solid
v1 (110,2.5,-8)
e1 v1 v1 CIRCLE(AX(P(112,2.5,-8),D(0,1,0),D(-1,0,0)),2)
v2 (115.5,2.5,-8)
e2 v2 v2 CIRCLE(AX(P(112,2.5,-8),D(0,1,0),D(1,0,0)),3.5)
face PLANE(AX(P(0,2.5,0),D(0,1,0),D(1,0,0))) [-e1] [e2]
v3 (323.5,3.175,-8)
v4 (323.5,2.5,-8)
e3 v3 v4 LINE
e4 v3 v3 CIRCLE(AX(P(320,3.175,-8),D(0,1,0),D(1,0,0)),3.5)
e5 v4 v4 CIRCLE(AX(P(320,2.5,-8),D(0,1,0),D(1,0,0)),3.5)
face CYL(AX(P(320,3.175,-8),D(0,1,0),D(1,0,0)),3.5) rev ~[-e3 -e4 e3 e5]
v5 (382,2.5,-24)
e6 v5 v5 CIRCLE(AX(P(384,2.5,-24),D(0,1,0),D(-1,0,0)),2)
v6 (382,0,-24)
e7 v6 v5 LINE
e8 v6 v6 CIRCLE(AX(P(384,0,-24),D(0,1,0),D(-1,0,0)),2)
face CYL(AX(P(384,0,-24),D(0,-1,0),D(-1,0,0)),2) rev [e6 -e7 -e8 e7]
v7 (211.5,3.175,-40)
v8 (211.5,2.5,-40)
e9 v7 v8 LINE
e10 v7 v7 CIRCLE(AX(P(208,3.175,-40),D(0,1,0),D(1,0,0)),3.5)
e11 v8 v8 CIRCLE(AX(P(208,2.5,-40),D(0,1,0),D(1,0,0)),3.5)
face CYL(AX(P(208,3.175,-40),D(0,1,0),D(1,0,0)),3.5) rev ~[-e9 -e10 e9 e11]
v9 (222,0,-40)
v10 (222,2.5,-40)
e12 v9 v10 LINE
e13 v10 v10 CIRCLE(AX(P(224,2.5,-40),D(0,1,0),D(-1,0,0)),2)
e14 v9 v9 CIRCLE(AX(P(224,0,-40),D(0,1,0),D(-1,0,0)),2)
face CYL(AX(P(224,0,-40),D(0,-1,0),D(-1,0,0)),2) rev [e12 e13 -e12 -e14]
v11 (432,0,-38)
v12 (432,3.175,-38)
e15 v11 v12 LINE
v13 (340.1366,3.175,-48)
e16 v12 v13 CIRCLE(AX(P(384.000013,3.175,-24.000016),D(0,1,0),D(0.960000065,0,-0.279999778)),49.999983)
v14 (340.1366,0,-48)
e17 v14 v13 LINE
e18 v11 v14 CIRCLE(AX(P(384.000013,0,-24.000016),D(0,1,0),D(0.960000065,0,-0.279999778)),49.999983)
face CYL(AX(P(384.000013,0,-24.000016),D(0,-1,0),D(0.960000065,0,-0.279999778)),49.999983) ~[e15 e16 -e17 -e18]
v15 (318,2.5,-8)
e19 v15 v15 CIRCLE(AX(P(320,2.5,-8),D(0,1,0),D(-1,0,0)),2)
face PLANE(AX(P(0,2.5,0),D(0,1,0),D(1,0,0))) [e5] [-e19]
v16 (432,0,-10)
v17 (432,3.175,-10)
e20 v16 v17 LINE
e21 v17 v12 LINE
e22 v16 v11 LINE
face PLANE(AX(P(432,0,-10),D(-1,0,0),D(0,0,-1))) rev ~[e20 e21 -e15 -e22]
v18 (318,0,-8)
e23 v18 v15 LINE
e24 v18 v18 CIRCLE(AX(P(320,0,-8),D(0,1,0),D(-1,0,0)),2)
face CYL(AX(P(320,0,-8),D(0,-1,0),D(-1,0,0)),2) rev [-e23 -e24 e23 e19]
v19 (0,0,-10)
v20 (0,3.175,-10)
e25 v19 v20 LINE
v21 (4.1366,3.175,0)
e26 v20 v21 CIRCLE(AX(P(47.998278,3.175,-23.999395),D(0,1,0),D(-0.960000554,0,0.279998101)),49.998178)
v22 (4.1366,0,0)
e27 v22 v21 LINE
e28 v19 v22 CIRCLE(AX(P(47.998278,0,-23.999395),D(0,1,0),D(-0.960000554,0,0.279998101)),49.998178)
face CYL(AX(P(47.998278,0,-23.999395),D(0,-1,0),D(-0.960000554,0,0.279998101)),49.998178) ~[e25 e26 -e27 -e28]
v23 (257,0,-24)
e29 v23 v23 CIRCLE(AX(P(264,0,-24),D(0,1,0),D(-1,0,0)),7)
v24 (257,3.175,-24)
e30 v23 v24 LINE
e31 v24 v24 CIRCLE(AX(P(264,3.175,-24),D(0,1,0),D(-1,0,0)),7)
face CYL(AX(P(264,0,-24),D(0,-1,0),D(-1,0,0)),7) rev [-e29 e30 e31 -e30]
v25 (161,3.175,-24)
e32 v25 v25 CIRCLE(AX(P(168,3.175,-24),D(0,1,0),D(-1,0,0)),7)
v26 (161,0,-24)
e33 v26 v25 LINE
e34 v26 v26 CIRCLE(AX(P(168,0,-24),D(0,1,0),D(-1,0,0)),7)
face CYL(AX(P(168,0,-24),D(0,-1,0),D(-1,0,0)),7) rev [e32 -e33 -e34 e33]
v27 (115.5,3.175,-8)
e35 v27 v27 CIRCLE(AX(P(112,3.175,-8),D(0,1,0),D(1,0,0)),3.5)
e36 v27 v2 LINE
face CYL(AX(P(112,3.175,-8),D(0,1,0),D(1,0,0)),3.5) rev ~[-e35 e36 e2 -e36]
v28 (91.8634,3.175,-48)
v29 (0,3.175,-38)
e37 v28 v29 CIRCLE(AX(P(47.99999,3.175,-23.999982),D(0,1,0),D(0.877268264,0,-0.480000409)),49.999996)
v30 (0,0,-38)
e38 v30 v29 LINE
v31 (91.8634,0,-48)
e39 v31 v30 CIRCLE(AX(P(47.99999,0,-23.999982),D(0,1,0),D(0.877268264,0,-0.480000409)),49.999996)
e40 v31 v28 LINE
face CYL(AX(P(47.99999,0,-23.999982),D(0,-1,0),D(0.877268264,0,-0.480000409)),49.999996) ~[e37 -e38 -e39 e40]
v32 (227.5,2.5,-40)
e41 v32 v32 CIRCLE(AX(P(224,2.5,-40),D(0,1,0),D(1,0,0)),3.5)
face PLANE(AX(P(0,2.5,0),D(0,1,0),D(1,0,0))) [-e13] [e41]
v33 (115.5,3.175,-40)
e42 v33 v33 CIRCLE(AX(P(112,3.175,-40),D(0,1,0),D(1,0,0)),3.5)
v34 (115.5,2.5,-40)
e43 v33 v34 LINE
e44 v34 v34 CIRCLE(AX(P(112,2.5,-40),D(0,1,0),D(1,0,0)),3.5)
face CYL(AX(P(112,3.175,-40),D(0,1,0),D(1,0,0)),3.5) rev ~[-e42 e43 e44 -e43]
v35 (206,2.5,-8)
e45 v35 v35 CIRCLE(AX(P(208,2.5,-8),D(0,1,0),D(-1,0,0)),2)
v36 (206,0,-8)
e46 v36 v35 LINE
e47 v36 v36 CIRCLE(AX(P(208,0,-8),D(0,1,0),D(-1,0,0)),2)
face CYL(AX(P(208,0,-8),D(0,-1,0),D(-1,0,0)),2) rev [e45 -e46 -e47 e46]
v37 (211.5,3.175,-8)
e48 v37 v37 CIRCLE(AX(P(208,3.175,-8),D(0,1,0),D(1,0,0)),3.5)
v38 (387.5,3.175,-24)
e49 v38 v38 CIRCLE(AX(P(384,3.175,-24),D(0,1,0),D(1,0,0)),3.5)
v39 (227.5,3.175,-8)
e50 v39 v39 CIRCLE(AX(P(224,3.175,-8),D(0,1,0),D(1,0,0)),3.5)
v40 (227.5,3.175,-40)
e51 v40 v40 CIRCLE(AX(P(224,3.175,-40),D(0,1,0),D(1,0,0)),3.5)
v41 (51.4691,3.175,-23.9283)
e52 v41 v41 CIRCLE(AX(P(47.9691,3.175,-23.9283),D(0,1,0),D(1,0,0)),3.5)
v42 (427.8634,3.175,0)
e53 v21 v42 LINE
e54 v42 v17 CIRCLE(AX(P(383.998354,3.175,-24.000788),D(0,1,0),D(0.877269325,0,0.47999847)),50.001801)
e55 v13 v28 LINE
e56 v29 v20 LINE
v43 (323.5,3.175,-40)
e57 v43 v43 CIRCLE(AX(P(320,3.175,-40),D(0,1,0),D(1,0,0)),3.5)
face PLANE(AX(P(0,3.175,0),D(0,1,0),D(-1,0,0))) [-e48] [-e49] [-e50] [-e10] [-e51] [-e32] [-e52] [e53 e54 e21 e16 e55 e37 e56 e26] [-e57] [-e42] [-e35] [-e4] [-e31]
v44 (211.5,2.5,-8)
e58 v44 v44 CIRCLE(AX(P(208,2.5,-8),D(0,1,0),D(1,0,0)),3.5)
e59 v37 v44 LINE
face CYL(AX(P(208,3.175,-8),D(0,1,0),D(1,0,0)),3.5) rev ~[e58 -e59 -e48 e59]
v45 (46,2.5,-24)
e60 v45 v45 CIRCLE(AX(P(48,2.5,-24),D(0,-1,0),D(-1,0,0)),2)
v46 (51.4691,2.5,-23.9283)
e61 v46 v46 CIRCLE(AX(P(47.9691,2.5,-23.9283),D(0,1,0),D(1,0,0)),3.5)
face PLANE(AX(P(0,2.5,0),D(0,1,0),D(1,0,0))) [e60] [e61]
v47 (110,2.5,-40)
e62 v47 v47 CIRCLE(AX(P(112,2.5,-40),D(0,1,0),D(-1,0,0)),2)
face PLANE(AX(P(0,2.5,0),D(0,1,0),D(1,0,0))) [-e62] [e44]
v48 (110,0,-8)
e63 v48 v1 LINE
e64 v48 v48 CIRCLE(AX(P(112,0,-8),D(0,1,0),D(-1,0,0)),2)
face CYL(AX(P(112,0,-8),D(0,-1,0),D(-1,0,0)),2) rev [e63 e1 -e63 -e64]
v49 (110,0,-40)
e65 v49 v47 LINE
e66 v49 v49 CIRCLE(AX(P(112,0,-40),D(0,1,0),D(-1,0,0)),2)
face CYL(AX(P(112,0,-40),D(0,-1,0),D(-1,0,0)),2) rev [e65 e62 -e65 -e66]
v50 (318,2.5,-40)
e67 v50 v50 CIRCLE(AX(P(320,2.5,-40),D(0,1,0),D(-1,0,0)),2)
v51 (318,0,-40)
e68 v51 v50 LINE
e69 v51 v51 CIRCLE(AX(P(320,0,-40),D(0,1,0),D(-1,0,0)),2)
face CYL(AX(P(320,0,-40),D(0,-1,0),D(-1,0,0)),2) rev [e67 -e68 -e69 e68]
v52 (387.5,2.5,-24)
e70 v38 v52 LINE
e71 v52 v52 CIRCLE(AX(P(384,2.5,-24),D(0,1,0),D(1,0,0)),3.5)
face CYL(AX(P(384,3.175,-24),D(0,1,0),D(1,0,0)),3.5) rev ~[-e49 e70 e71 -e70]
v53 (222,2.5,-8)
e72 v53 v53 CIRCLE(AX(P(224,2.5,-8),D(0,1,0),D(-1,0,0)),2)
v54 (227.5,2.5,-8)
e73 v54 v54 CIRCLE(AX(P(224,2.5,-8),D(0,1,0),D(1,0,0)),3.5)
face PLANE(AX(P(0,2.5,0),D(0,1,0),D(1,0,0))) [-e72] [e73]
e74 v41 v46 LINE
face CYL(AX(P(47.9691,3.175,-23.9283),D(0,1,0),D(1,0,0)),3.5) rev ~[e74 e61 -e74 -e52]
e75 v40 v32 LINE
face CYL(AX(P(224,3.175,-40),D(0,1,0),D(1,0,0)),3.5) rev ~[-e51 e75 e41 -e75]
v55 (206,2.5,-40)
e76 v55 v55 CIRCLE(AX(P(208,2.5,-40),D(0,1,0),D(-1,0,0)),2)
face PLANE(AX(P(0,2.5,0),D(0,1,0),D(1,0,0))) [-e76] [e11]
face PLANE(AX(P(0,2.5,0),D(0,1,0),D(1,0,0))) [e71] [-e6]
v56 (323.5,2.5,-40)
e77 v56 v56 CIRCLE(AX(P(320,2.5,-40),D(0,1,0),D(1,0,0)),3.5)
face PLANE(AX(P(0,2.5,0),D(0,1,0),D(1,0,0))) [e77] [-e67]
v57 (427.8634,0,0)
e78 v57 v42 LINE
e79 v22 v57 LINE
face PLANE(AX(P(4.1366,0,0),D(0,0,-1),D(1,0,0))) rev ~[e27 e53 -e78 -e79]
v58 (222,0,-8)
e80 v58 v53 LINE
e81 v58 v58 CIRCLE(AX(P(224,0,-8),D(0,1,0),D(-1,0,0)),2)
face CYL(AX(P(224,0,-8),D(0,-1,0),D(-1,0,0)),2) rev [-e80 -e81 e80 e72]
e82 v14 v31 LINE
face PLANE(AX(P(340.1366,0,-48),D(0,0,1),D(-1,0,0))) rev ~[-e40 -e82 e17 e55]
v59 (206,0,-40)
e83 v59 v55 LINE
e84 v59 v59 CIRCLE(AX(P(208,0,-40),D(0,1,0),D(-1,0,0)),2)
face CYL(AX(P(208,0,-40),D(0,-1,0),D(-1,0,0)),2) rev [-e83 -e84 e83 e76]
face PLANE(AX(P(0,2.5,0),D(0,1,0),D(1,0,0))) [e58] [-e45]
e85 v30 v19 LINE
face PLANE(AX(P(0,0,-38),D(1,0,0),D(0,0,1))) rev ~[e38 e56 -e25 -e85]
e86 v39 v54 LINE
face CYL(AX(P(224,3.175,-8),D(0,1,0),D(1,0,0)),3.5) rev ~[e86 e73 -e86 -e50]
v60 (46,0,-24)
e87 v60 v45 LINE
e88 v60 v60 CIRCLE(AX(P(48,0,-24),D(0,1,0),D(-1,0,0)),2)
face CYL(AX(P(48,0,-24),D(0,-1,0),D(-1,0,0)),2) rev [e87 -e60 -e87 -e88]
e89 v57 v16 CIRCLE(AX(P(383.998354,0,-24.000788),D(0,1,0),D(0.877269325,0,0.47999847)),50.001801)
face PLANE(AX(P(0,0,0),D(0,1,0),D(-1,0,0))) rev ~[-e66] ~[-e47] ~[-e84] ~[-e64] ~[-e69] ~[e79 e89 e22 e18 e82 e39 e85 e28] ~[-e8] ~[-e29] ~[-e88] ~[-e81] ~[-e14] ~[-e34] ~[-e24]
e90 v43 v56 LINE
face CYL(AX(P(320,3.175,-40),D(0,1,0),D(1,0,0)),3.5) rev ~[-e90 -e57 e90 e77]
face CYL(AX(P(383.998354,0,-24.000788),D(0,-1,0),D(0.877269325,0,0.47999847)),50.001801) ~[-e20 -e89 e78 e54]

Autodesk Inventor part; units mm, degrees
ref_plane "YZ Plane" through (0, 0, 0) normal (1, 0, 0) x (0, 1, 0)
ref_plane "XZ Plane" through (0, 0, 0) normal (0, 1, 0) x (-1, 0, 0)
ref_plane "XY Plane" through (0, 0, 0) normal (0, 0, 1) x (1, 0, 0)
sketch "Sketch1" plane through (0, 0, 0) normal (0, 1, 0) x (-1, 0, 0)
  line L0 (-4.1366, 0) -> (-427.8634, 0)
  line L1 (-432, -10) -> (-432, -38)
  line L2 (0, -38) -> (0, -10)
  circle A0 centre (-112, -40) radius 2
  circle A1 centre (-112, -8) radius 2
  circle A2 centre (-208, -40) radius 2
  circle A3 centre (-224, -40) radius 2
  circle A4 centre (-224, -8) radius 2
  circle A5 centre (-208, -8) radius 2
  circle A6 centre (-320, -40) radius 2
  circle A7 centre (-320, -8) radius 2
  circle A8 centre (-48, -24) radius 2
  circle A9 centre (-384, -24) radius 2
  circle A10 centre (-168, -24) radius 7
  circle A11 centre (-264, -24) radius 7
  arc A12 (-91.8634, -48) -> (0, -38) centre (-48, -24) ccw
  arc A13 (0, -10) -> (-4.1366, 0) centre (-48, -24) ccw
  line L3 (-340.1366, -48) -> (-91.8634, -48)
  arc A14 (-427.8634, 0) -> (-432, -10) centre (-384, -24) ccw
  arc A15 (-432, -38) -> (-340.1366, -48) centre (-384, -24) ccw
  point P0 (0, 0)
  point P1 (0, 0)
  point P2 (-432, -48)
  point P3 (-432, 0)
  point P4 (0, -48)
  point P5 (0, -24)
  point P6 (-432, -24)
  dimension "d0" = 432
  dimension "d1" = 48
  dimension "d2" = 4
  dimension "d3" = 4
  dimension "d4" = 4
  dimension "d5" = 4
  dimension "d6" = 4
  dimension "d7" = 4
  dimension "d8" = 4
  dimension "d9" = 4
  dimension "d10" = 208
  dimension "d11" = 208
  dimension "d14" = 8
  dimension "d15" = 112
  dimension "d16" = 112
  dimension "d17" = 4
  dimension "d18" = 48
  dimension "d19" = 4
  dimension "d20" = 48
  dimension "d21" = 14
  dimension "d22" = 14
  dimension "d23" = 168
  dimension "d24" = 168
extrude "Extrusion1" add sketch "Sketch1" along normal blind 3.175
sketch "Sketch2" plane through (0, 3.175, 0) normal (0, 1, 0) x (1, 0, 0)
  circle A0 centre (47.9691, 23.9283) radius 3.5
  circle A1 centre (112, 8) radius 2 projected
  circle A2 centre (112, 8) radius 3.5
  circle A3 centre (112, 40) radius 2 projected
  circle A4 centre (112, 40) radius 3.5
  circle A5 centre (208, 40) radius 2 projected
  circle A6 centre (208, 40) radius 3.5
  circle A7 centre (224, 40) radius 2 projected
  circle A8 centre (224, 40) radius 3.5
  circle A9 centre (224, 8) radius 2 projected
  circle A10 centre (224, 8) radius 3.5
  circle A11 centre (208, 8) radius 2 projected
  circle A12 centre (208, 8) radius 3.5
  circle A13 centre (320, 40) radius 2 projected
  circle A14 centre (320, 40) radius 3.5
  circle A15 centre (320, 8) radius 2 projected
  circle A16 centre (320, 8) radius 3.5
  circle A17 centre (384, 24) radius 2 projected
  circle A18 centre (384, 24) radius 3.5
  point P0 (0, 0)
  dimension "d28" = 7
  dimension "d29" = 7
  dimension "d30" = 7
  dimension "d31" = 7
  dimension "d32" = 7
  dimension "d33" = 7
  dimension "d34" = 7
  dimension "d35" = 7
  dimension "d36" = 7
  dimension "d37" = 7
extrude "Extrusion2" cut sketch "Sketch2" against normal blind 0.675
properties part number "sidePanelv2" material "Aluminum 6061"
